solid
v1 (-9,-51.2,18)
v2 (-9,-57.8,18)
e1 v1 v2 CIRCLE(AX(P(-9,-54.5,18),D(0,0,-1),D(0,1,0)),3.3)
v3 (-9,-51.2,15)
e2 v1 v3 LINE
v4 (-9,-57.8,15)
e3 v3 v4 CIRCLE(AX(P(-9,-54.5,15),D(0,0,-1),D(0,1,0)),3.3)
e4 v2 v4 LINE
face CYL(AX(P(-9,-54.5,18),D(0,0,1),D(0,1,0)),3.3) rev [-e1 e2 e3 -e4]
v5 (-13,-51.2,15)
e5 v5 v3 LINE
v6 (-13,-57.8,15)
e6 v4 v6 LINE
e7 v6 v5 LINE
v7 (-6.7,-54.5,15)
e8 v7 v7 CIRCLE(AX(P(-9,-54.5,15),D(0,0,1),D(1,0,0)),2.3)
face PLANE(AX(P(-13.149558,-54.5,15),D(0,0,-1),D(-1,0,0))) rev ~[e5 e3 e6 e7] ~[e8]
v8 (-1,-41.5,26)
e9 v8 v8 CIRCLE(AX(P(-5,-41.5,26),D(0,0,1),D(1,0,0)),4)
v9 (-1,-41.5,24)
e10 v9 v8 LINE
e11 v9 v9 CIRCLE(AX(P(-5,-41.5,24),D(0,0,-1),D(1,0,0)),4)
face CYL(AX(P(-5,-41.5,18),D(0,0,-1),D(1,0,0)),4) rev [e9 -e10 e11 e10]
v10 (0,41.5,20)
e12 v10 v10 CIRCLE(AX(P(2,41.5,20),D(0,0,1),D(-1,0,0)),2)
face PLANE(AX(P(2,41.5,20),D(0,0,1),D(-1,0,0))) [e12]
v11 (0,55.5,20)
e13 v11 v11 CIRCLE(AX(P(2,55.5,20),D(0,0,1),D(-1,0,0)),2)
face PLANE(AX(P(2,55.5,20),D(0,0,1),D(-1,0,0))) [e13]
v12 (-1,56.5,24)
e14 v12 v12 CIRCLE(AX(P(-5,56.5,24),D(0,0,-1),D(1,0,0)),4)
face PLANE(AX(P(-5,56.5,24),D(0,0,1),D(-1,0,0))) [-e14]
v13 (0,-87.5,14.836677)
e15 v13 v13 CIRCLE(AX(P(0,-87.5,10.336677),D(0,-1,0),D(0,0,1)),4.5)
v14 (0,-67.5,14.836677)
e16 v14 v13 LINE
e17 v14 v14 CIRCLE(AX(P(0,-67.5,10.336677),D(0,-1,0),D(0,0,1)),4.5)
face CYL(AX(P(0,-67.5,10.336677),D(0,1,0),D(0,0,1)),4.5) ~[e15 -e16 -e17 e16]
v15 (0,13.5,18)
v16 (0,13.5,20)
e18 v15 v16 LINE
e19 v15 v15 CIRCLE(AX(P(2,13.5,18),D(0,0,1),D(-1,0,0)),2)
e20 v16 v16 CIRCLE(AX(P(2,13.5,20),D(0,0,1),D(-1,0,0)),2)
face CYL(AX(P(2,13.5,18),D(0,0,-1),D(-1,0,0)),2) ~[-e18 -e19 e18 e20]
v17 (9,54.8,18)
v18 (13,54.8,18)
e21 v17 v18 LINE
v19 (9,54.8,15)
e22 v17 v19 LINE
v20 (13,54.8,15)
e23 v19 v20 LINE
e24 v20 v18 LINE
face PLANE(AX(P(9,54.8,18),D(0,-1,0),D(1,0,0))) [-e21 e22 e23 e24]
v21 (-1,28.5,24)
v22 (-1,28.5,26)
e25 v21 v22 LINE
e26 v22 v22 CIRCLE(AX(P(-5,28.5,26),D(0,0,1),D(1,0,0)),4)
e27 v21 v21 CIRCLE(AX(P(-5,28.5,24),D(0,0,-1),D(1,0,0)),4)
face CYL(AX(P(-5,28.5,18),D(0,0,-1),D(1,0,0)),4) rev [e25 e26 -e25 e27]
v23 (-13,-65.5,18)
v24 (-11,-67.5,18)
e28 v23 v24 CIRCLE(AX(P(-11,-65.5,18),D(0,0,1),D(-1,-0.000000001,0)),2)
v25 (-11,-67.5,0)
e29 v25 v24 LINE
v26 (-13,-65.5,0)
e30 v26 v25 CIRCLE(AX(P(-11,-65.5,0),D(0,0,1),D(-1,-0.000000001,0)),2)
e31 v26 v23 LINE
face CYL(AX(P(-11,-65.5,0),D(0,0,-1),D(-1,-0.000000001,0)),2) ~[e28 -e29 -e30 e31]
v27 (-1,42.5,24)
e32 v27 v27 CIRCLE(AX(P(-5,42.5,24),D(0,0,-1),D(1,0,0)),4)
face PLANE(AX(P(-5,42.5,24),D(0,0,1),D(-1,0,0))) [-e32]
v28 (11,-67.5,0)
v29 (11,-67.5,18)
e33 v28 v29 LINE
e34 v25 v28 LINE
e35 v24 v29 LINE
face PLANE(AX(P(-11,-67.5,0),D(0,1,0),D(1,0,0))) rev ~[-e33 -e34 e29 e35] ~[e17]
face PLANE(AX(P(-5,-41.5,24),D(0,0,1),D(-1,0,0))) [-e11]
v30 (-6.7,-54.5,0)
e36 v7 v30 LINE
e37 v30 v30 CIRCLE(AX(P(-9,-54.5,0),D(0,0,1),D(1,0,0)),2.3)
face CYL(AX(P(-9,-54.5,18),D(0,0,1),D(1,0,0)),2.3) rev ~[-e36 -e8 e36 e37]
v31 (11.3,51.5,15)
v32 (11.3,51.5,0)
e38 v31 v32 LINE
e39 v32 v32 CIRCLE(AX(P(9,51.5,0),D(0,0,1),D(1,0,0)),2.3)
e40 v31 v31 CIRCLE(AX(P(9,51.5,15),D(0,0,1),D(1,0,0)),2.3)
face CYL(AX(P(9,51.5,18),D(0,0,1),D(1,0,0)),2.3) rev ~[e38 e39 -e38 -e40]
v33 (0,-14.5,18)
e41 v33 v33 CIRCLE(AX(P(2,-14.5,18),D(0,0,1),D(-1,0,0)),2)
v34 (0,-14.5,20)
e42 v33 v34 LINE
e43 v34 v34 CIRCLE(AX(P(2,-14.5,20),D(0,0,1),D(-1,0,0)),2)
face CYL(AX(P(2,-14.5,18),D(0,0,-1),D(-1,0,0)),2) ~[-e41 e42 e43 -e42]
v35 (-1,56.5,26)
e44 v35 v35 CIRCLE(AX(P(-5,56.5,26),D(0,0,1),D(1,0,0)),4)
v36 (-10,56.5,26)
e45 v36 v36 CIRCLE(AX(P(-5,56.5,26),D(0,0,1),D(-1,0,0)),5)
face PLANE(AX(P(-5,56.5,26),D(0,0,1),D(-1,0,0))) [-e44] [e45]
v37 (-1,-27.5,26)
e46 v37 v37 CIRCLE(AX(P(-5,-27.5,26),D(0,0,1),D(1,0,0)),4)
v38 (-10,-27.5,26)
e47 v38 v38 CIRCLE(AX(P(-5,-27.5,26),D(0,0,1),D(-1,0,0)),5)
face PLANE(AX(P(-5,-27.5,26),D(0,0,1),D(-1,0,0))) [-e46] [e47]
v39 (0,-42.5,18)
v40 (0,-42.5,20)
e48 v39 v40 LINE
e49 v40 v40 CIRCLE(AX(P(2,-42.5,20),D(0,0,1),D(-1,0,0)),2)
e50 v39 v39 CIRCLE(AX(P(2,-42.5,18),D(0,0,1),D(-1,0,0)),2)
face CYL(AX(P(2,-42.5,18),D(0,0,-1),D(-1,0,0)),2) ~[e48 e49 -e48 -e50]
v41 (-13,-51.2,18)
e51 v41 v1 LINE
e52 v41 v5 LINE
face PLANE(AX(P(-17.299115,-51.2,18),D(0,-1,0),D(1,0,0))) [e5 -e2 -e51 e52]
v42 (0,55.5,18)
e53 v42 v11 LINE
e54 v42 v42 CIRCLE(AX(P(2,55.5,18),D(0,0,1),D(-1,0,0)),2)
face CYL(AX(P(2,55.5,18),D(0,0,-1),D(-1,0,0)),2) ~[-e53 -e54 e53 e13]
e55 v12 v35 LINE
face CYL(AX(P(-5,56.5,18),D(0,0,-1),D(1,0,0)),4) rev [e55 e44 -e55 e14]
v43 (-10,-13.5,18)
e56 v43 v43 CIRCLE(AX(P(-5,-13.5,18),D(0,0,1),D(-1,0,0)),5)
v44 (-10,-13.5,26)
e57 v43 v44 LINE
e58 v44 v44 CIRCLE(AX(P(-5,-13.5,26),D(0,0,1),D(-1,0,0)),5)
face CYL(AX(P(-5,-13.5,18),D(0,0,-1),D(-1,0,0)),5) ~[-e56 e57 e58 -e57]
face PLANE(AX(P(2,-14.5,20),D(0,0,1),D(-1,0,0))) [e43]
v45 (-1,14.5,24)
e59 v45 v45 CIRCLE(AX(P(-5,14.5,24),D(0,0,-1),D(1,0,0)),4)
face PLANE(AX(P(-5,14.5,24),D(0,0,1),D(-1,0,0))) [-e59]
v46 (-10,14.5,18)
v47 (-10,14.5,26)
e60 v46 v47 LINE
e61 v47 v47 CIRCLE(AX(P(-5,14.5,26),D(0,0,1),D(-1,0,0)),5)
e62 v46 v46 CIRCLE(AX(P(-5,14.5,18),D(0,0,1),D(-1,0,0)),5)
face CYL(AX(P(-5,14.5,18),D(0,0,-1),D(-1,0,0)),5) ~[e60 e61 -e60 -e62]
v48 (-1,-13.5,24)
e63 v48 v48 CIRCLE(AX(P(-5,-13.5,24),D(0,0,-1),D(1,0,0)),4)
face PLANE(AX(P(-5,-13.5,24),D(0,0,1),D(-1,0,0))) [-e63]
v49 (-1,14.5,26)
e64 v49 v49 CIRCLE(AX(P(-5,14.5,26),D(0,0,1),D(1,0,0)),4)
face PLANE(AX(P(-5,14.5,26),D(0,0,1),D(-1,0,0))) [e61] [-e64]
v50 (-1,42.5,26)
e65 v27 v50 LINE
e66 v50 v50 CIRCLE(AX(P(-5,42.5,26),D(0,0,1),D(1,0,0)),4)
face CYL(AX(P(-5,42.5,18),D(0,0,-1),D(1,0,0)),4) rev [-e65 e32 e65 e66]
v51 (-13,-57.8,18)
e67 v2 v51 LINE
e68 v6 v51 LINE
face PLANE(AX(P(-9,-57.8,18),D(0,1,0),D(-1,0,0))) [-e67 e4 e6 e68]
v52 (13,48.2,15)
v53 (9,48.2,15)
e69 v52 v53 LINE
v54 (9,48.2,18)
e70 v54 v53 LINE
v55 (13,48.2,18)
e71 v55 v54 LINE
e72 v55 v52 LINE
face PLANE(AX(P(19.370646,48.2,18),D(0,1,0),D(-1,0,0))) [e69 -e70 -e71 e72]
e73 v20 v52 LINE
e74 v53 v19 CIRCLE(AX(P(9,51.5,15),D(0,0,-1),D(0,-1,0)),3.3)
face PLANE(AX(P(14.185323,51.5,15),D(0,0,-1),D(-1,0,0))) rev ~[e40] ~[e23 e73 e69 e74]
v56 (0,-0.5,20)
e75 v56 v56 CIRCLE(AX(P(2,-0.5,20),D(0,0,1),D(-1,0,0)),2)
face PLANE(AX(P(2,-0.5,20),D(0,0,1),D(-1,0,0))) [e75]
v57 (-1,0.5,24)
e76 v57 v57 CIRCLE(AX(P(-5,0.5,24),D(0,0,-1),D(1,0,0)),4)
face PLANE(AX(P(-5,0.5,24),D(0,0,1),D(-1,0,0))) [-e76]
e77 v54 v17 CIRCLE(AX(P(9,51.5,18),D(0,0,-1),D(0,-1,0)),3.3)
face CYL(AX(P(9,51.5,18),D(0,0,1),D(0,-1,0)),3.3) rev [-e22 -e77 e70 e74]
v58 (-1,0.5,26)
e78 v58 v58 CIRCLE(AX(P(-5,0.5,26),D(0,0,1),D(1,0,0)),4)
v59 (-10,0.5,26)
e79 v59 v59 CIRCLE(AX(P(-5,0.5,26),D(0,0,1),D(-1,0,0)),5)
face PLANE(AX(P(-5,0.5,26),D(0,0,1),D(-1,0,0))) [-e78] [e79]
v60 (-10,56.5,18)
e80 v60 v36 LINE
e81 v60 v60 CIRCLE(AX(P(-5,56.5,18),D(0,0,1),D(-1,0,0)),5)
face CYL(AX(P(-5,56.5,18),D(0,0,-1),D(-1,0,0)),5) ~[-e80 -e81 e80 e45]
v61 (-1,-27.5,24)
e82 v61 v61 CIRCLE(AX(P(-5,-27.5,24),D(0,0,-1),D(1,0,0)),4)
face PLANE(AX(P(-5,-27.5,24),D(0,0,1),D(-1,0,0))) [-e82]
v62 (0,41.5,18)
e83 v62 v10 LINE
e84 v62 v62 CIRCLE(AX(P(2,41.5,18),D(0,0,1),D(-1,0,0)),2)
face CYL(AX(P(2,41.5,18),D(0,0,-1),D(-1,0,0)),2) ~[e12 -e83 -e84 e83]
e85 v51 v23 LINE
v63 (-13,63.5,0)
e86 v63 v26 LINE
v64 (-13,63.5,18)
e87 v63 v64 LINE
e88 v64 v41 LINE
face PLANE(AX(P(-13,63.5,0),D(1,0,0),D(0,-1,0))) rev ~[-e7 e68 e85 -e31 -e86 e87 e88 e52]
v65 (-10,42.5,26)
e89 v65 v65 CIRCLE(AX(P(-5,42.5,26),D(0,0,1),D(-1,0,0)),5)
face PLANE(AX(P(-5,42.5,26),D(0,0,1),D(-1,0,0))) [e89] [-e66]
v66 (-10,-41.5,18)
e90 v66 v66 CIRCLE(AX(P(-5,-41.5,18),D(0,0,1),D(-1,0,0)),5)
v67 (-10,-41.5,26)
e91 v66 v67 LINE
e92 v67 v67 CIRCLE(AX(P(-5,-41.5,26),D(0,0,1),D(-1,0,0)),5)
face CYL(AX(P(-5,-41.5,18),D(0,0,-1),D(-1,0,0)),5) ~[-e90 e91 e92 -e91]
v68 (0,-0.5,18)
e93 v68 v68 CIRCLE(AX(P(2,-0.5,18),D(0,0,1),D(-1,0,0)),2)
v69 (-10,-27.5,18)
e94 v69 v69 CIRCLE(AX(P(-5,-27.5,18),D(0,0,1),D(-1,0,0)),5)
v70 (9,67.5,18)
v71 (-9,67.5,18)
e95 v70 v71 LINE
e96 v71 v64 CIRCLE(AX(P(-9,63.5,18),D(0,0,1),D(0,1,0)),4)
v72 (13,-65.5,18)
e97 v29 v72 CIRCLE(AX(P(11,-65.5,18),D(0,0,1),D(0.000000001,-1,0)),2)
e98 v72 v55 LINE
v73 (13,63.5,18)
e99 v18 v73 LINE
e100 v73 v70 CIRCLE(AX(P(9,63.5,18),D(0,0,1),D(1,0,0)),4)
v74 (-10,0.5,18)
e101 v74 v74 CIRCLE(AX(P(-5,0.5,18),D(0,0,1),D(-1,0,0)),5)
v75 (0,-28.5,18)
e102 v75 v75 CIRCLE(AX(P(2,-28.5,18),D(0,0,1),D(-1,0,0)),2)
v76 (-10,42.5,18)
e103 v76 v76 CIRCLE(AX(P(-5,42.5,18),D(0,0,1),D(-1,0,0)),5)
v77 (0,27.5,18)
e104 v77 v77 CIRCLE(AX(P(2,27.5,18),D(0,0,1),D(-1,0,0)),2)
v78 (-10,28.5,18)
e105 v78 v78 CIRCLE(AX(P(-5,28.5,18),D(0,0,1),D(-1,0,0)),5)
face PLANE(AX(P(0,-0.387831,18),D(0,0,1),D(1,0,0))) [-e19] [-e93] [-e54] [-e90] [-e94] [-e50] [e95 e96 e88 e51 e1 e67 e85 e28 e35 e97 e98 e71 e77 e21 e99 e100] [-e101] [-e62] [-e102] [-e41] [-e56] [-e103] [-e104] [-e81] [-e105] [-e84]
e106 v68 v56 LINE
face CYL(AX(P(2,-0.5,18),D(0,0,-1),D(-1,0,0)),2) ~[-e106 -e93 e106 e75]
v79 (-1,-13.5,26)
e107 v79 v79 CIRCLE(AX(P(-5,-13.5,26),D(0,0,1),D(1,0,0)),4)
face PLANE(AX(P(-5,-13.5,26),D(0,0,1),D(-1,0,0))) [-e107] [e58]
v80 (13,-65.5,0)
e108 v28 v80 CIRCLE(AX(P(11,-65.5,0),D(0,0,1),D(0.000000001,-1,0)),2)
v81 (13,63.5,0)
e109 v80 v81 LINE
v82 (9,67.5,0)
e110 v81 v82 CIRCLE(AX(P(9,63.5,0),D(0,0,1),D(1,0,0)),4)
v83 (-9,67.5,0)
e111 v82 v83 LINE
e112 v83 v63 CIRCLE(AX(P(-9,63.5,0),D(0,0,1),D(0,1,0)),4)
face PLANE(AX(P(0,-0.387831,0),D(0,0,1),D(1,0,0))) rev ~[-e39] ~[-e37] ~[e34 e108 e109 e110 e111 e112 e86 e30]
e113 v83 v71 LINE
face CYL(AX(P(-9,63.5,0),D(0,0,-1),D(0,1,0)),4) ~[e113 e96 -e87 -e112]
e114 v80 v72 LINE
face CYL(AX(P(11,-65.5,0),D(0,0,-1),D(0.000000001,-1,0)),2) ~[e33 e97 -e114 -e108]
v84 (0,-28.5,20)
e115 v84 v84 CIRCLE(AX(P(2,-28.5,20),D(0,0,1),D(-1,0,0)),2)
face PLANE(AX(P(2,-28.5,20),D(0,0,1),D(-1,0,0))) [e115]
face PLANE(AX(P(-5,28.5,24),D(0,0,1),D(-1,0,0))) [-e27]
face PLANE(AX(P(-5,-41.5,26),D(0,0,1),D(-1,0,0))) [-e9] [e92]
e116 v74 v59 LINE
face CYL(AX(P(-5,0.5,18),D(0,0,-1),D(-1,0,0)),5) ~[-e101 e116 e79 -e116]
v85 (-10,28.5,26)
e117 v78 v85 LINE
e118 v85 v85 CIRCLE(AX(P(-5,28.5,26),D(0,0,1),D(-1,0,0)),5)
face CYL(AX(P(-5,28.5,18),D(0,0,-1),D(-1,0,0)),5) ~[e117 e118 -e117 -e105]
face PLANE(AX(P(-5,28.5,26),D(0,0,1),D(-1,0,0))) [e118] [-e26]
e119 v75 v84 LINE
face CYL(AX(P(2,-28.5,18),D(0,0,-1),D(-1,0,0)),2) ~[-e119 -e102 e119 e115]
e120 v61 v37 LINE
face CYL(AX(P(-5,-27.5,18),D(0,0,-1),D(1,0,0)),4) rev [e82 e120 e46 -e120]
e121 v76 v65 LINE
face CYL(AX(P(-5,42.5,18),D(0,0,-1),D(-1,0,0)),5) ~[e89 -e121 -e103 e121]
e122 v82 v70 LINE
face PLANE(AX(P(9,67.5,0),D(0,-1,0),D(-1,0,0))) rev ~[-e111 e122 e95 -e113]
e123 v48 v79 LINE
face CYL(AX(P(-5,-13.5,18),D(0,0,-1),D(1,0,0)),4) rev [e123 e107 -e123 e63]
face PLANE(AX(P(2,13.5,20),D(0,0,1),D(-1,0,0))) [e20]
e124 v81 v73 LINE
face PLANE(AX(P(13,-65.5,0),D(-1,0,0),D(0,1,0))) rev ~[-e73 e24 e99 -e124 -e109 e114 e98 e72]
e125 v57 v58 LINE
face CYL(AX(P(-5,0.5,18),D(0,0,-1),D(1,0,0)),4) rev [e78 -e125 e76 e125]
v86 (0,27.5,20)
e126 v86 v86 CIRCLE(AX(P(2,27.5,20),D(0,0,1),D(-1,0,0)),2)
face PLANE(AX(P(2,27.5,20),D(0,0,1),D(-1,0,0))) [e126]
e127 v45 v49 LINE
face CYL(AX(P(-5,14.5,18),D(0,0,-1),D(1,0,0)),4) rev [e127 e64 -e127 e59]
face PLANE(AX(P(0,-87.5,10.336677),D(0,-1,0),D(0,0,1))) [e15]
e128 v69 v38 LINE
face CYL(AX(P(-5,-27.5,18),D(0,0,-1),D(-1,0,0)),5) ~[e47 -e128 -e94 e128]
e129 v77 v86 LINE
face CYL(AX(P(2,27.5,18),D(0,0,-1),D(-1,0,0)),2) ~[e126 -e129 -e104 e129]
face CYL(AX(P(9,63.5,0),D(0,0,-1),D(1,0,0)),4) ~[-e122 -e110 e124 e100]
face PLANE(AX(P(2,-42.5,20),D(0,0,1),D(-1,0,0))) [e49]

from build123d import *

# Parameters (mm, degrees)
BOSS_EXTRU_1_DEPTH         = 18
ESQUISSE2_R                = 2.3
ENL_V_MAT_EXTRU_1_DEPTH    = 3
ESQUISSE4_R                = 2.3
ENL_V_MAT_EXTRU_2_DEPTH    = 72.05807484
ESQUISSE5_R                = 2.3
ENL_V_MAT_EXTRU_3_DEPTH    = 3
ESQUISSE6_R                = 2.3
ENL_V_MAT_EXTRU_4_DEPTH    = 72.05807484
ESQUISSE7_R                = 4
BOSS_EXTRU_2_DEPTH         = 6
ESQUISSE7_5_R              = 5
ESQUISSE7_5_R_2            = 4
BOSS_EXTRU_3_DEPTH         = 8
R_P_TITION_LIN_AIRE1_COUNT = 8
R_P_TITION_LIN_AIRE1_PITCH = 14
ESQUISSE8_R                = 2
BOSS_EXTRU_4_DEPTH         = 2
R_P_TITION_LIN_AIRE2_COUNT = 8
R_P_TITION_LIN_AIRE2_PITCH = 14
ESQUISSE9_R                = 4.5
BOSS_EXTRU_5_DEPTH         = 20


with BuildPart() as part:
    # Esquisse1 → Boss.-Extru.1 (new body)
    with BuildSketch(Plane.XY):
        with BuildLine():
            Line((-11, -67.5), (11, -67.5))
            ThreePointArc((11, -67.5), (12.414213562, -66.914213562), (13, -65.5))
            Line((13, -65.5), (13, 63.5))
            ThreePointArc((13, 63.5), (11.828427125, 66.328427125), (9, 67.5))
            Line((9, 67.5), (-9, 67.5))
            ThreePointArc((-9, 67.5), (-11.828427125, 66.328427125), (-13, 63.5))
            Line((-13, 63.5), (-13, -65.5))
            ThreePointArc((-13, -65.5), (-12.414213562, -66.914213562), (-11, -67.5))
        make_face()
    extrude(amount=BOSS_EXTRU_1_DEPTH)

    # Esquisse2 → Enlèv. mat.-Extru.1 (cut)
    with BuildSketch(Plane.XY.offset(18)):
        with BuildLine():
            Line((9, 54.8), (19.370645643, 54.8))
            ThreePointArc((19.370645643, 54.8), (22.670645643, 51.5), (19.370645643, 48.2))
            Line((19.370645643, 48.2), (9, 48.2))
            ThreePointArc((9, 48.2), (5.7, 51.5), (9, 54.8))
        make_face()
        with Locations((9, 51.5)):
            Circle(ESQUISSE2_R, mode=Mode.SUBTRACT)
    extrude(amount=-ENL_V_MAT_EXTRU_1_DEPTH, mode=Mode.SUBTRACT)

    # Esquisse4 → Enlèv. mat.-Extru.2 (cut, through all)
    with BuildSketch(Plane.XY.offset(18)):
        with Locations((9, 51.5)):
            Circle(ESQUISSE4_R)
    extrude(amount=-ENL_V_MAT_EXTRU_2_DEPTH, mode=Mode.SUBTRACT)

    # Esquisse5 → Enlèv. mat.-Extru.3 (cut)
    with BuildSketch(Plane.XY.offset(18)):
        with BuildLine():
            Line((-9, -57.8), (-17.299115246, -57.8))
            ThreePointArc((-17.299115246, -57.8), (-20.599115246, -54.5), (-17.299115246, -51.2))
            Line((-17.299115246, -51.2), (-9, -51.2))
            ThreePointArc((-9, -51.2), (-5.7, -54.5), (-9, -57.8))
        make_face()
        with Locations((-9, -54.5)):
            Circle(ESQUISSE5_R, mode=Mode.SUBTRACT)
    extrude(amount=-ENL_V_MAT_EXTRU_3_DEPTH, mode=Mode.SUBTRACT)

    # Esquisse6 → Enlèv. mat.-Extru.4 (cut, through all)
    with BuildSketch(Plane.XY.offset(18)):
        with Locations((-9, -54.5)):
            Circle(ESQUISSE6_R)
    extrude(amount=-ENL_V_MAT_EXTRU_4_DEPTH, mode=Mode.SUBTRACT)

    # Esquisse7 → Boss.-Extru.2 (add)
    with BuildSketch(Plane.XY.offset(18)):
        with Locations((-5, -41.5)):
            Circle(ESQUISSE7_R)
    boss_extru_2 = extrude(amount=BOSS_EXTRU_2_DEPTH)

    # Esquisse7<5> → Boss.-Extru.3 (add)
    with BuildSketch(Plane.XY.offset(18)):
        with Locations((-5, -41.5)):
            Circle(ESQUISSE7_5_R)
        with Locations((-5, -41.5)):
            Circle(ESQUISSE7_5_R_2, mode=Mode.SUBTRACT)
    boss_extru_3 = extrude(amount=BOSS_EXTRU_3_DEPTH)

    # Répétition linéaire1: Boss.-Extru.2, Boss.-Extru.3 ×8
    with Locations(*[(0, i * R_P_TITION_LIN_AIRE1_PITCH, 0) for i in range(1, R_P_TITION_LIN_AIRE1_COUNT)]):
        add(boss_extru_2)
        add(boss_extru_3)

    # Esquisse8 → Boss.-Extru.4 (add)
    with BuildSketch(Plane.XY.offset(18)):
        with Locations((2, -42.5)):
            Circle(ESQUISSE8_R)
    boss_extru_4 = extrude(amount=BOSS_EXTRU_4_DEPTH)

    # Répétition linéaire2: Boss.-Extru.4 ×8
    with Locations(*[(0, i * R_P_TITION_LIN_AIRE2_PITCH, 0) for i in range(1, R_P_TITION_LIN_AIRE2_COUNT)]):
        add(boss_extru_4)

    # Esquisse9 → Boss.-Extru.5 (add)
    with BuildSketch(Plane.XZ.offset(67.5)):
        with Locations((0, 10.336677371)):
            Circle(ESQUISSE9_R)
    extrude(amount=BOSS_EXTRU_5_DEPTH)


solid = part.part
